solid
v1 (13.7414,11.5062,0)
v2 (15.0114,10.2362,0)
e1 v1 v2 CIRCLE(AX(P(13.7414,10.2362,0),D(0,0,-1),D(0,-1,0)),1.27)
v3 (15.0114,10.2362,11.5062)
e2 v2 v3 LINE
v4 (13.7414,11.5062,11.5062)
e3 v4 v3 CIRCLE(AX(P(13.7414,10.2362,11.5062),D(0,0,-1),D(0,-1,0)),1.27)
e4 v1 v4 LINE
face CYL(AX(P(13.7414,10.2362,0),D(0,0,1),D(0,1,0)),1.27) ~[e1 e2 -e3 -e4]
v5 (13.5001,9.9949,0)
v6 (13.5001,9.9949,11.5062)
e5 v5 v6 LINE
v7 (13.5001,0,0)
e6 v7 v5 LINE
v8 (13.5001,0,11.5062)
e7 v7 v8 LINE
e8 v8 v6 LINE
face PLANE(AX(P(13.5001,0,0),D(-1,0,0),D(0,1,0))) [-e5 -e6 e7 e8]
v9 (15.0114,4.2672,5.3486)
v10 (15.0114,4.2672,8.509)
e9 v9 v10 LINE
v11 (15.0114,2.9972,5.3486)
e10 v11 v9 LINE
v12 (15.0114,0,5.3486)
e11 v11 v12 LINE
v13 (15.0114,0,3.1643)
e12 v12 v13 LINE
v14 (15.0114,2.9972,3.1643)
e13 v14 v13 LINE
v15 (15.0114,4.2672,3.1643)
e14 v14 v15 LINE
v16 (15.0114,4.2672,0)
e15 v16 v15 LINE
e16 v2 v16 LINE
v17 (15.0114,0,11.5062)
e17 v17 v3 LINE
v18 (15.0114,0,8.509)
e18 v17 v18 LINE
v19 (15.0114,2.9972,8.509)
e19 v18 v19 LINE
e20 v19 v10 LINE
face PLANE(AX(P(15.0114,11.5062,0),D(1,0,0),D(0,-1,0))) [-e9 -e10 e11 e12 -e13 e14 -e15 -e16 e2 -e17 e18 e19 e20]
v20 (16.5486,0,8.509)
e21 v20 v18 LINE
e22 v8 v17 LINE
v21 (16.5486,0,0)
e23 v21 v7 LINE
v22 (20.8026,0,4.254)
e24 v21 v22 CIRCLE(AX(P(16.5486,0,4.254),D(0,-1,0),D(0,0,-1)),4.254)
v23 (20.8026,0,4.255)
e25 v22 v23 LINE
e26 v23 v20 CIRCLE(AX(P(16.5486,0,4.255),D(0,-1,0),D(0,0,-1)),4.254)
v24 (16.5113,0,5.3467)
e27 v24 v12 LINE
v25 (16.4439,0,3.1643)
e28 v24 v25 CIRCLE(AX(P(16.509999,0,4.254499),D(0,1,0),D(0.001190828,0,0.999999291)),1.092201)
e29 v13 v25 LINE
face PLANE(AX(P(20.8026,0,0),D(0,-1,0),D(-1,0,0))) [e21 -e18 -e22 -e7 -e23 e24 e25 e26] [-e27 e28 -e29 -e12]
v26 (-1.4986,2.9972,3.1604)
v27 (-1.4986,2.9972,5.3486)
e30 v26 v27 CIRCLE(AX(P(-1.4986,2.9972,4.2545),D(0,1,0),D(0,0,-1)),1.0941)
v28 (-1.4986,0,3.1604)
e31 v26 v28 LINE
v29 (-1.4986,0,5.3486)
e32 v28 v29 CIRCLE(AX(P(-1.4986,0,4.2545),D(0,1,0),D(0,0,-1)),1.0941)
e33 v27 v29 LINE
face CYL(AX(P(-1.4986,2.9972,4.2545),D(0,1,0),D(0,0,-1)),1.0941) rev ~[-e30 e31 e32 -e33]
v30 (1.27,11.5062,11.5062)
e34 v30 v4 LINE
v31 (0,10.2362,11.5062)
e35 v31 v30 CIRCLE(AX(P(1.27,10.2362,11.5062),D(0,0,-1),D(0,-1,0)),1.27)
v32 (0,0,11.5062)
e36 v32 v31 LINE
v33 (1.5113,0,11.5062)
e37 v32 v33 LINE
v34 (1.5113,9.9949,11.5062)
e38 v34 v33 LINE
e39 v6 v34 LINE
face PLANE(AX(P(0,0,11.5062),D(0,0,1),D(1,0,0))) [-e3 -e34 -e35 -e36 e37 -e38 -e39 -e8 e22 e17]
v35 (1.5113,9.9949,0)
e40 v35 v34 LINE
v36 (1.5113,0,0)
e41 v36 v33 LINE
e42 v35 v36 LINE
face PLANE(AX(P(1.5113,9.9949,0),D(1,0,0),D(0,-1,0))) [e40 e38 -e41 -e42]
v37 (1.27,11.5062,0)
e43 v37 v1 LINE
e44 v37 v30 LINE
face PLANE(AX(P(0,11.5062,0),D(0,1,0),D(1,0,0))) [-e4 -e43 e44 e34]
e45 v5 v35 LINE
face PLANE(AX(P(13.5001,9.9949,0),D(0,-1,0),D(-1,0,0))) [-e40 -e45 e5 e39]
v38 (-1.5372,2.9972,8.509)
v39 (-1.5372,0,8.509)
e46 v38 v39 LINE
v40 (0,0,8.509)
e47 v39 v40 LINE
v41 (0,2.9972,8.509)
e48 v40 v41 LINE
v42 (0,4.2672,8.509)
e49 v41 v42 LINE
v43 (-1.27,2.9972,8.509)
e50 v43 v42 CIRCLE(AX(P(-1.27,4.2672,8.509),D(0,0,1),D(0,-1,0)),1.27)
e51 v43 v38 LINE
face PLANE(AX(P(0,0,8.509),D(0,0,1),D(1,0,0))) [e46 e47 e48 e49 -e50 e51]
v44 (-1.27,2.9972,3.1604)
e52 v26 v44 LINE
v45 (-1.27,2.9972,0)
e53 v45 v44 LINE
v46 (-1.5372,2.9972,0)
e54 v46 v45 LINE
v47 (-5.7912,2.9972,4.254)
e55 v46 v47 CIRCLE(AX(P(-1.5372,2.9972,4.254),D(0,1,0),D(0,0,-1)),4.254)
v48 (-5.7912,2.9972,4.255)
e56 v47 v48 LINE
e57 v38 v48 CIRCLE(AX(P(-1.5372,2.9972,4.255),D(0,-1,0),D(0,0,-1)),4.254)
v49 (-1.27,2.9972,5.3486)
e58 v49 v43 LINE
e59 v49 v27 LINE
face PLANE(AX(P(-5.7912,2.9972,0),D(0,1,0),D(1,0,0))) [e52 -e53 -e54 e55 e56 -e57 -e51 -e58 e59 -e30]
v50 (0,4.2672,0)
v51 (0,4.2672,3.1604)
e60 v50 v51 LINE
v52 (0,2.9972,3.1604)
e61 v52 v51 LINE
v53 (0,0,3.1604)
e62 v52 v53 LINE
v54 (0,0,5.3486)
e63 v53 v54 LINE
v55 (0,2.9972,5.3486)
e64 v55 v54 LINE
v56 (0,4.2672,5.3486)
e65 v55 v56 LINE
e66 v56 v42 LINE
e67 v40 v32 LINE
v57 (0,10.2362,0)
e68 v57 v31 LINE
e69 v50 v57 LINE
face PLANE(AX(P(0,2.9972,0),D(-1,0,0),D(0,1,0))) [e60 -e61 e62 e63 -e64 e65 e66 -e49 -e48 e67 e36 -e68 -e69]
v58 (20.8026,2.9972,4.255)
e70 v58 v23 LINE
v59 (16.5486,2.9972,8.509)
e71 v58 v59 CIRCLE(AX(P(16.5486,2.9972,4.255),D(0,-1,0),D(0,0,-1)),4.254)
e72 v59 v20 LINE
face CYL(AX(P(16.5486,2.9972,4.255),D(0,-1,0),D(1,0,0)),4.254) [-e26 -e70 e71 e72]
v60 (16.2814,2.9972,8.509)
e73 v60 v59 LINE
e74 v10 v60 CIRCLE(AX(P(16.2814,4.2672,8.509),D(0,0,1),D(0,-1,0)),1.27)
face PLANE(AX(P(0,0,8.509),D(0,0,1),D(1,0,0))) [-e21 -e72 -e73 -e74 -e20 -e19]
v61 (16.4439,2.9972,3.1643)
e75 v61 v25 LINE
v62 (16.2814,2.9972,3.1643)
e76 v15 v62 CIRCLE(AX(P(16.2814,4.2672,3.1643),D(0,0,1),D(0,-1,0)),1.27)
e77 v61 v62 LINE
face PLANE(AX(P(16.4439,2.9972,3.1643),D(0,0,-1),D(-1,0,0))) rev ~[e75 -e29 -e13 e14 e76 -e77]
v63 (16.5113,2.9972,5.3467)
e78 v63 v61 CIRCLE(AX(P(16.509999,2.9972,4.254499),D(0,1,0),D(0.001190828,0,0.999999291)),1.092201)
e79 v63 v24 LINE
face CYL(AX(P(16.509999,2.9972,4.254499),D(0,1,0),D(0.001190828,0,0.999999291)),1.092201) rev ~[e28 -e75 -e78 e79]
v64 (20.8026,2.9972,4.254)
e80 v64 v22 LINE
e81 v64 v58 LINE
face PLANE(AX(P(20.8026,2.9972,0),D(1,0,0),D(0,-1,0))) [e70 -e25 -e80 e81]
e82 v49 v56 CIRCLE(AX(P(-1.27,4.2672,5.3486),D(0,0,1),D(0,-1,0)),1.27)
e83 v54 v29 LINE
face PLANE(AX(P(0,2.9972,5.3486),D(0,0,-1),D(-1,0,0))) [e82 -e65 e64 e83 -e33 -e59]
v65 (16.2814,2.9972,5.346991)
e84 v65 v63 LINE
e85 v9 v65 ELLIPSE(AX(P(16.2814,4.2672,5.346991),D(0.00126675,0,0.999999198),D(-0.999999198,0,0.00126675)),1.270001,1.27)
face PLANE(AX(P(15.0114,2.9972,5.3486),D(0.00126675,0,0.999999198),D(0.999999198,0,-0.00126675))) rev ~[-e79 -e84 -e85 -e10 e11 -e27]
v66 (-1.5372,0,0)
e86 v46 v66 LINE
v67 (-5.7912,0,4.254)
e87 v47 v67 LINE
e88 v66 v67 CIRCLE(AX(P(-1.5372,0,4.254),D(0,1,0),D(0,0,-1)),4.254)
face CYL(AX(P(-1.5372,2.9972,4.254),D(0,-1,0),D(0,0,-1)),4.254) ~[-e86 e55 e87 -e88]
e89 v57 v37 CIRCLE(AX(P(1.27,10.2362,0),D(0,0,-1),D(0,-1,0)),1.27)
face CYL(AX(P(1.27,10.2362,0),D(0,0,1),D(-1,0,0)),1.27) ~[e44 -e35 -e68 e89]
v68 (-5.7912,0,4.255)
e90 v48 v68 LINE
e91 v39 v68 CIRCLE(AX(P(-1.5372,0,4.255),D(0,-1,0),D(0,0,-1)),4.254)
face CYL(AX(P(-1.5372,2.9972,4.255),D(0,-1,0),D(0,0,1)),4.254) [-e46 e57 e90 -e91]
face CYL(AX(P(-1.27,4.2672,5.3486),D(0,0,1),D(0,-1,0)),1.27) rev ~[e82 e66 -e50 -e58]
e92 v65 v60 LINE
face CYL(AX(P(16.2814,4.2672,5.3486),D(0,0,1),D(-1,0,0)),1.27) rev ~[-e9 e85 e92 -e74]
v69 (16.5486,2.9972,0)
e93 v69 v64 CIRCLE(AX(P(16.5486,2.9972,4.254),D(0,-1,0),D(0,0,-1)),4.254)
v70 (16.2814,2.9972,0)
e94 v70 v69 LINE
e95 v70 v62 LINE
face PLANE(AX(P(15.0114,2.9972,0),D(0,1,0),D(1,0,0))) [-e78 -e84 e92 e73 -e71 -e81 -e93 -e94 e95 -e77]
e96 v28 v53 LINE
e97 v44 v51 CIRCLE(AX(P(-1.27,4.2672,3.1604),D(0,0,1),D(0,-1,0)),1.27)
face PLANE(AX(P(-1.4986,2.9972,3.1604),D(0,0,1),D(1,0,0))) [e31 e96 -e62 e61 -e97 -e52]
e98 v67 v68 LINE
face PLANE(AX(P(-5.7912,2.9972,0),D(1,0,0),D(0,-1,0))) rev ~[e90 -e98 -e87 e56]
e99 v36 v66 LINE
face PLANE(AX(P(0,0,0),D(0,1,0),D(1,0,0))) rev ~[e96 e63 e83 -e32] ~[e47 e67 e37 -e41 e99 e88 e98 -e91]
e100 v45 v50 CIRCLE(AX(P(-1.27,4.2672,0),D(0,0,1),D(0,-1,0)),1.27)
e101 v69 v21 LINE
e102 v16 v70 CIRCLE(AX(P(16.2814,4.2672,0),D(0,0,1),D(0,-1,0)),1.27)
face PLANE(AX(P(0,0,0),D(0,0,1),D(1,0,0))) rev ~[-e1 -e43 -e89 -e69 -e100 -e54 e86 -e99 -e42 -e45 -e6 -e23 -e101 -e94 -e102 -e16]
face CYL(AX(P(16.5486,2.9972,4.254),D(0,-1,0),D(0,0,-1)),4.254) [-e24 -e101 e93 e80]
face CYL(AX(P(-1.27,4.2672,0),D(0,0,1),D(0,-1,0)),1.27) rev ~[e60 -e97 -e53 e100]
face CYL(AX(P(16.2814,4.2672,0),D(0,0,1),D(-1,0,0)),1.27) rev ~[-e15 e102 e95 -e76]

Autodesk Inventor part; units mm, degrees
ref_plane "YZ Plane" through (0, 0, 0) normal (1, 0, 0) x (0, 1, 0)
ref_plane "XZ Plane" through (0, 0, 0) normal (0, 1, 0) x (-1, 0, 0)
ref_plane "XY Plane" through (0, 0, 0) normal (0, 0, 1) x (1, 0, 0)
sketch "Sketch1" plane through (0, 0, 0) normal (0, 0, 1) x (1, 0, 0)
  line L0 (0, 2.9972) -> (0, 11.5062)
  line L1 (0, 11.5062) -> (15.0114, 11.5062)
  line L2 (15.0114, 11.5062) -> (15.0114, 2.9972)
  line L3 (13.5001, 0) -> (13.5001, 9.9949)
  line L4 (13.5001, 9.9949) -> (1.5113, 9.9949)
  line L5 (1.5113, 9.9949) -> (1.5113, 0)
  line L6 (15.0114, 2.9972) -> (20.8026, 2.9972)
  line L7 (20.8026, 2.9972) -> (20.8026, 0)
  line L8 (20.8026, 0) -> (15.0113, 0)
  line L9 (15.0113, 0) -> (13.5001, 0)
  line L10 (0, 0) -> (-5.7912, 0)
  line L11 (-5.7912, 2.9972) -> (0, 2.9972)
  line L12 (0, 0) -> (1.5113, 0)
  line L13 (-5.7912, 2.9972) -> (-5.7912, 0)
  dimension "d0" = 11.5062
  dimension "d2" = 15.0114
  dimension "d3" = 11.9888
  dimension "d4" = 0
  dimension "d5" = 0
  dimension "d6" = 0
  dimension "d7" = 5.7912
  dimension "d8" = 5.7912
  dimension "d9" = 2.9972
  dimension "d10" = 2.9972
extrude "Extrusion1" add sketch "Sketch1" along normal blind 11.5062
sketch "Sketch2" plane through (0, 0, 11.5062) normal (0, 0, 1) x (1, 0, 0)
  line L0 (15.0114, 2.9972) -> (20.8026, 2.9972)
  line L1 (20.8026, 2.9972) -> (20.8026, 0)
  line L2 (20.8026, 0) -> (15.0114, 0)
  line L3 (15.0114, 0) -> (15.0114, 2.9972)
  line L4 (0, 2.9972) -> (-5.7912, 2.9972)
  line L5 (-5.7912, 2.9972) -> (-5.7912, 0)
  line L6 (-5.7912, 0) -> (0, 0)
  line L7 (0, 0) -> (0, 2.9972)
  point P0 (0, 0)
extrude "Extrusion2" cut sketch "Sketch2" against normal blind 2.9972
sketch "Sketch3" plane through (15.0114, 2.9972, 0) normal (0, 1, 0) x (1, 0, 0)
  line L0 (0, 0) -> (0, -8.509) projected
  arc A0 (1.4999, -5.3467) -> (1.4325, -3.1643) centre (1.4986, -4.2545) ccw
  arc A1 (-16.51, -3.1604) -> (-16.51, -5.3486) centre (-16.51, -4.2545) ccw
  line L1 (-15.0114, 0) -> (-15.0114, -11.5062) projected
  line L2 (-16.51, -3.1604) -> (-15.0114, -3.1604)
  line L3 (-15.0114, -3.1604) -> (-15.0114, -5.3486)
  line L4 (-15.0114, -5.3486) -> (-16.51, -5.3486)
  line L5 (1.4325, -3.1643) -> (0, -3.1643)
  line L6 (0, -3.1643) -> (0, -5.3486)
  line L7 (0, -5.3486) -> (1.4999, -5.3467)
  dimension "d15" = 2.1844
  dimension "d17" = 1.4986
  dimension "d18" = 1.4986
extrude "Extrusion3" cut sketch "Sketch3" against normal blind 50.8
fillet "Fillet1" radius 4.2545 4 edges at (20.8026, 1.4986, 8.509) (20.8026, 1.4986, 0) (-5.7912, 1.4986, 8.509) (-5.7912, 1.4986, 0)
fillet "Fillet2" radius 1.27 6 edges at (0, 2.9972, 1.5802) (0, 2.9972, 6.9288) (0, 11.5062, 5.7531) (15.0114, 11.5062, 5.7531) (15.0114, 2.9972, 1.5822) (15.0114, 2.9972, 6.9288)
properties part number "Mount_Motor" material "Nylon 6/6"
